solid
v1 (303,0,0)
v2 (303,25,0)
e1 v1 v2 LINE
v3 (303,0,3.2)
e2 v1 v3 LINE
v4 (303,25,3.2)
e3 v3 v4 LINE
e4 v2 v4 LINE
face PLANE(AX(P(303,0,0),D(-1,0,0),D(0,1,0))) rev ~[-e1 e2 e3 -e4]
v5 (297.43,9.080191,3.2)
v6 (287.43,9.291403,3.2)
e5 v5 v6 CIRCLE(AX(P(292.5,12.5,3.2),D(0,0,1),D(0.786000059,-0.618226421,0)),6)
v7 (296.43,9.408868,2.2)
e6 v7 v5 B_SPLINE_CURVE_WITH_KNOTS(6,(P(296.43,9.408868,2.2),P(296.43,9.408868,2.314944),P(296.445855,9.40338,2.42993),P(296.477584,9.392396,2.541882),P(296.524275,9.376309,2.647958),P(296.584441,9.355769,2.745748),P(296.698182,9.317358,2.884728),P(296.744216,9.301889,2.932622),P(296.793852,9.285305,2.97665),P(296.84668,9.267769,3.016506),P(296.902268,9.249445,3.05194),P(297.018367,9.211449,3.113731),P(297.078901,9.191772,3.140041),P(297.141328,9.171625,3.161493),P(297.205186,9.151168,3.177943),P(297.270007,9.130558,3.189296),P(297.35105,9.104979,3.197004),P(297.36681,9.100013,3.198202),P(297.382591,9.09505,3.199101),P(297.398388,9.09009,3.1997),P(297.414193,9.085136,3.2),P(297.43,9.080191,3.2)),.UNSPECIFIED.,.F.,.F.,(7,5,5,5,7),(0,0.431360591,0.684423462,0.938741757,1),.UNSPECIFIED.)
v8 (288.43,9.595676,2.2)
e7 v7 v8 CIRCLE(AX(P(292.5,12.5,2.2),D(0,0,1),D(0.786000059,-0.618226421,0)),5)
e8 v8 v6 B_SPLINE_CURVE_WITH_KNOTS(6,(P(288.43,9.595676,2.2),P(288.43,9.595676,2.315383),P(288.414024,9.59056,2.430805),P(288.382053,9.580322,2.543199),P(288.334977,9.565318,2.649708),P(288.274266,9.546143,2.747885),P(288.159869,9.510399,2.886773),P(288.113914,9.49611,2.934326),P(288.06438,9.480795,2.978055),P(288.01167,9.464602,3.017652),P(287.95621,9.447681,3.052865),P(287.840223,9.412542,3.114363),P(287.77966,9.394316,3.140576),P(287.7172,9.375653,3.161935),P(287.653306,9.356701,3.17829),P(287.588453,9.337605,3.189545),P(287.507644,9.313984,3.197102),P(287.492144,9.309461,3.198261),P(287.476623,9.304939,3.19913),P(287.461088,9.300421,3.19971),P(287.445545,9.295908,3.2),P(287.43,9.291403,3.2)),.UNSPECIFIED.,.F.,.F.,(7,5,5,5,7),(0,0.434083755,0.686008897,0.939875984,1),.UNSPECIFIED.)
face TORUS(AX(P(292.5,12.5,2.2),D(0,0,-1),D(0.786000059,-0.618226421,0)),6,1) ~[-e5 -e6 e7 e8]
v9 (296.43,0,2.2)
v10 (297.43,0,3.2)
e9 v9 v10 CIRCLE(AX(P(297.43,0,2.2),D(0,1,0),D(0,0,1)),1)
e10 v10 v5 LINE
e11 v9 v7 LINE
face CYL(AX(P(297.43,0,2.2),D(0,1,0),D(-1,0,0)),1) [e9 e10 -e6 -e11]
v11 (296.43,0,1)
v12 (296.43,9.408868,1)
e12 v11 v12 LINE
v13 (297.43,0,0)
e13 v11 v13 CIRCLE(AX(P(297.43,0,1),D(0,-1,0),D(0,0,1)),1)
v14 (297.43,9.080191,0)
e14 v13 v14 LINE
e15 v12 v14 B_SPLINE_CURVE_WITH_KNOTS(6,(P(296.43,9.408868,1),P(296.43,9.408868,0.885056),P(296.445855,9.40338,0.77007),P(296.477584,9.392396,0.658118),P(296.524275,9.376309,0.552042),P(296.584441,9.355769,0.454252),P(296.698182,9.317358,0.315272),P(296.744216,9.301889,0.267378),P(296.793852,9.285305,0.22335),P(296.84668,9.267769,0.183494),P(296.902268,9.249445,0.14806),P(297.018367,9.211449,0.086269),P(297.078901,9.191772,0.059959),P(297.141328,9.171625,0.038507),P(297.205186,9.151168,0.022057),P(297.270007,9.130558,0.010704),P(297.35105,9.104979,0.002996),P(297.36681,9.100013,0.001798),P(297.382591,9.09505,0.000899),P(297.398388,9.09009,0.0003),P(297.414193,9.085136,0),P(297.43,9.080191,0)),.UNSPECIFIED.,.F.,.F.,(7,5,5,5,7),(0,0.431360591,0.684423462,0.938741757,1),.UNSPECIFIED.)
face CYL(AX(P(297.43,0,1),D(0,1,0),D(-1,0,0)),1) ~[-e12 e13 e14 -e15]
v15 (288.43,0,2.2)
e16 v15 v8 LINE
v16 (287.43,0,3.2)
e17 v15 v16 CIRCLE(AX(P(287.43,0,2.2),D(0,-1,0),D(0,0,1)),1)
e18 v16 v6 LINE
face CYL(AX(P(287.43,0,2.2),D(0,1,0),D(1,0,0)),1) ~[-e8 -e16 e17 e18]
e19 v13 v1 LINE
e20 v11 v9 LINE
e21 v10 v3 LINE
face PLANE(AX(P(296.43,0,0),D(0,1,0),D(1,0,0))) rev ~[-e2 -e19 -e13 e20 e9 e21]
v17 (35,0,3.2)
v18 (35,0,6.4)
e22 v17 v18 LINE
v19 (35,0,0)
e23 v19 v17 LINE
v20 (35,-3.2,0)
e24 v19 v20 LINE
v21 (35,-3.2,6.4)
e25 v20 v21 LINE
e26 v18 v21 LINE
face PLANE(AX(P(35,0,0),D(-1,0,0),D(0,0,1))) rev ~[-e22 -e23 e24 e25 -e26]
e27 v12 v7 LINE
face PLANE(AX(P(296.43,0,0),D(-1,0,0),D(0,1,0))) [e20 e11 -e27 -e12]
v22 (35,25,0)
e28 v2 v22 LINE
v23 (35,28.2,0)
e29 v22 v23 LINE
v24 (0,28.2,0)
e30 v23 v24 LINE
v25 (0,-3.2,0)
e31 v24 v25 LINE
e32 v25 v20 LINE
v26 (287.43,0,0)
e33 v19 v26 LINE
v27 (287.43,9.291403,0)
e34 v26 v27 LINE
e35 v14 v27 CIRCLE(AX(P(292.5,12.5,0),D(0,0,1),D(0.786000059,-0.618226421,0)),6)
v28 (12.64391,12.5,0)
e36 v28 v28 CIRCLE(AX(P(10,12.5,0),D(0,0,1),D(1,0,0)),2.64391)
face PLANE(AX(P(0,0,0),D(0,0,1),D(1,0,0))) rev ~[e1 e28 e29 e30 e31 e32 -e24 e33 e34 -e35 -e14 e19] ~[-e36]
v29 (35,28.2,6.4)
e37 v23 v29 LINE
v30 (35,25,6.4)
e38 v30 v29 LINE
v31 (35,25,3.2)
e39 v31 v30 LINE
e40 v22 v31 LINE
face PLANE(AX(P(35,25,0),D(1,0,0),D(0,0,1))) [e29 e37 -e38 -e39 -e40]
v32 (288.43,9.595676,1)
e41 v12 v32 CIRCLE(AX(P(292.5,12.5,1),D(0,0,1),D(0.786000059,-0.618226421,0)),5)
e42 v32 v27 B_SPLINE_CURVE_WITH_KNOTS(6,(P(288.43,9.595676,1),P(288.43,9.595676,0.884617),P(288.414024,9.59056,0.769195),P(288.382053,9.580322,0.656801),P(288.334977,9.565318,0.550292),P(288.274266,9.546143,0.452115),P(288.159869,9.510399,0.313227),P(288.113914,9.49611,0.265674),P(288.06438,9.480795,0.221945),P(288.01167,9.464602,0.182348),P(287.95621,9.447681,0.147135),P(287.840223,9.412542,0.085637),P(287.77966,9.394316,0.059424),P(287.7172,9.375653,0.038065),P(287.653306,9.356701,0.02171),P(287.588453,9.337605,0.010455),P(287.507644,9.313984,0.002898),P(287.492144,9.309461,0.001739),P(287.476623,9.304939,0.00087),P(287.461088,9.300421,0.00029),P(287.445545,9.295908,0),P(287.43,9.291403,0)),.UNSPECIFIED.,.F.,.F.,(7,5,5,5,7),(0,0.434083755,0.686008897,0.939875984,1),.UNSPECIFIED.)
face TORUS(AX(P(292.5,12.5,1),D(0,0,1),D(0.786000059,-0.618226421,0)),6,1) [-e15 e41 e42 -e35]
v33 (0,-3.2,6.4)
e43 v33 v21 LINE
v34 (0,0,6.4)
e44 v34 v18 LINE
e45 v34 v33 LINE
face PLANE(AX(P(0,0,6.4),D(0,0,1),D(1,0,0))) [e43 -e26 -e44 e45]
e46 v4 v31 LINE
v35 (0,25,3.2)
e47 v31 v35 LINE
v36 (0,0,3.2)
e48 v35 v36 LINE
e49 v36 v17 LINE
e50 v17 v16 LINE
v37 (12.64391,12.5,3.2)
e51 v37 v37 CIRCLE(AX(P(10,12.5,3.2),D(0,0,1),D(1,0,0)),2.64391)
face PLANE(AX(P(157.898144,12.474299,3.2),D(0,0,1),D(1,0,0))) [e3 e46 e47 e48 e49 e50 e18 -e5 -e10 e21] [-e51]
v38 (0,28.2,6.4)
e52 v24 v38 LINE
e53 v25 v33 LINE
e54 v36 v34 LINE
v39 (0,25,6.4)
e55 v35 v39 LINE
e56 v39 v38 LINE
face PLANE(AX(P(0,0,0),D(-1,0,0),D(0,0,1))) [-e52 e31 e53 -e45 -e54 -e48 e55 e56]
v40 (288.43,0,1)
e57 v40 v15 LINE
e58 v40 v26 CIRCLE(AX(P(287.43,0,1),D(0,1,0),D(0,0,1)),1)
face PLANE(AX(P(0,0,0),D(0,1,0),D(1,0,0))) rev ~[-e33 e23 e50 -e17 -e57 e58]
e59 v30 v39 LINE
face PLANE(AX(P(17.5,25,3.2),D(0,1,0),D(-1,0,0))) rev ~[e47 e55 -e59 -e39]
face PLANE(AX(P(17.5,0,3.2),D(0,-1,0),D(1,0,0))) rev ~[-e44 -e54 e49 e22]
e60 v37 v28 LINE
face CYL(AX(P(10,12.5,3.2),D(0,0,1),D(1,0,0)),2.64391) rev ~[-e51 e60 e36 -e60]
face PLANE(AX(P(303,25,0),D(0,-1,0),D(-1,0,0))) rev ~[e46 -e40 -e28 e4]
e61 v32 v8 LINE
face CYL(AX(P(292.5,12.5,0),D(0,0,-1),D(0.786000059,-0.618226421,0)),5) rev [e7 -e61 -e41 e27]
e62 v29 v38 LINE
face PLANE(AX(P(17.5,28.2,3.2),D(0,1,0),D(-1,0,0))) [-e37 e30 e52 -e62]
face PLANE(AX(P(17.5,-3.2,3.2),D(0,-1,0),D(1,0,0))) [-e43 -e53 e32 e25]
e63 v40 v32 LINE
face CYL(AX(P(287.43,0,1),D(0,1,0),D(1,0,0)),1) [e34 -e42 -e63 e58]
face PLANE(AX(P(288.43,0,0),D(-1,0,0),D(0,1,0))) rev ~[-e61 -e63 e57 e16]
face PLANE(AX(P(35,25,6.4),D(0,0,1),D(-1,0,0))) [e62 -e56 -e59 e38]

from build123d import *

# Parameters (mm, degrees)
PAD_DEPTH    = 3.2
FILLET_R     = 1
SKETCH001_R  = 2.64391
POCKET_DEPTH = 5
SKETCH002_W  = 35
SKETCH002_H  = 6.4
PAD001_DEPTH = 3.2
SKETCH003_W  = 35
SKETCH003_H  = 6.4
PAD002_DEPTH = 3.2


with BuildPart() as part:
    # Sketch → Pad (new body)
    with BuildSketch(Plane.XY):
        with BuildLine():
            Line((0, 0), (288.43, 0))
            Line((288.43, 0), (288.43, 9.595676))
            ThreePointArc((296.43, 9.408868), (292.616723, 17.498637), (288.43, 9.595676))
            Line((296.43, 0), (296.43, 9.408868))
            Line((296.43, 0), (303, 0))
            Line((303, 0), (303, 25))
            Line((303, 25), (0, 25))
            Line((0, 25), (0, 0))
        make_face()
    extrude(amount=PAD_DEPTH)

    # Fillet
    fillet_edges = [part.edges().sort_by_distance(p)[0] for p in [
        (296.43, 4.704434, 0),
        (292.616723, 17.498637, 0),
        (288.43, 4.797838, 0),
        (296.43, 4.704434, 3.2),
        (288.43, 4.797838, 3.2),
        (292.616723, 17.498637, 3.2),
    ]]
    fillet(fillet_edges, radius=FILLET_R)

    # Sketch001 (on Face6 of Fillet) → Pocket (cut)
    with BuildSketch(Plane.XY.offset(3.2)):
        with Locations((10, 12.5)):
            Circle(SKETCH001_R)
    extrude(amount=-POCKET_DEPTH, mode=Mode.SUBTRACT)

    # Sketch002 (on Face11 of Pocket) → Pad001 (join)
    with BuildSketch(Plane(origin=(0, 25, 0), x_dir=(-1, 0, 0), z_dir=(0, 1, 0))):
        with Locations((-17.5, 3.2)):
            Rectangle(SKETCH002_W, SKETCH002_H)
    extrude(amount=PAD001_DEPTH)

    # Sketch003 (on Face15 of Pad001) → Pad002 (join)
    with BuildSketch(Plane.XZ):
        with Locations((17.5, 3.2)):
            Rectangle(SKETCH003_W, SKETCH003_H)
    extrude(amount=PAD002_DEPTH)


solid = part.part
